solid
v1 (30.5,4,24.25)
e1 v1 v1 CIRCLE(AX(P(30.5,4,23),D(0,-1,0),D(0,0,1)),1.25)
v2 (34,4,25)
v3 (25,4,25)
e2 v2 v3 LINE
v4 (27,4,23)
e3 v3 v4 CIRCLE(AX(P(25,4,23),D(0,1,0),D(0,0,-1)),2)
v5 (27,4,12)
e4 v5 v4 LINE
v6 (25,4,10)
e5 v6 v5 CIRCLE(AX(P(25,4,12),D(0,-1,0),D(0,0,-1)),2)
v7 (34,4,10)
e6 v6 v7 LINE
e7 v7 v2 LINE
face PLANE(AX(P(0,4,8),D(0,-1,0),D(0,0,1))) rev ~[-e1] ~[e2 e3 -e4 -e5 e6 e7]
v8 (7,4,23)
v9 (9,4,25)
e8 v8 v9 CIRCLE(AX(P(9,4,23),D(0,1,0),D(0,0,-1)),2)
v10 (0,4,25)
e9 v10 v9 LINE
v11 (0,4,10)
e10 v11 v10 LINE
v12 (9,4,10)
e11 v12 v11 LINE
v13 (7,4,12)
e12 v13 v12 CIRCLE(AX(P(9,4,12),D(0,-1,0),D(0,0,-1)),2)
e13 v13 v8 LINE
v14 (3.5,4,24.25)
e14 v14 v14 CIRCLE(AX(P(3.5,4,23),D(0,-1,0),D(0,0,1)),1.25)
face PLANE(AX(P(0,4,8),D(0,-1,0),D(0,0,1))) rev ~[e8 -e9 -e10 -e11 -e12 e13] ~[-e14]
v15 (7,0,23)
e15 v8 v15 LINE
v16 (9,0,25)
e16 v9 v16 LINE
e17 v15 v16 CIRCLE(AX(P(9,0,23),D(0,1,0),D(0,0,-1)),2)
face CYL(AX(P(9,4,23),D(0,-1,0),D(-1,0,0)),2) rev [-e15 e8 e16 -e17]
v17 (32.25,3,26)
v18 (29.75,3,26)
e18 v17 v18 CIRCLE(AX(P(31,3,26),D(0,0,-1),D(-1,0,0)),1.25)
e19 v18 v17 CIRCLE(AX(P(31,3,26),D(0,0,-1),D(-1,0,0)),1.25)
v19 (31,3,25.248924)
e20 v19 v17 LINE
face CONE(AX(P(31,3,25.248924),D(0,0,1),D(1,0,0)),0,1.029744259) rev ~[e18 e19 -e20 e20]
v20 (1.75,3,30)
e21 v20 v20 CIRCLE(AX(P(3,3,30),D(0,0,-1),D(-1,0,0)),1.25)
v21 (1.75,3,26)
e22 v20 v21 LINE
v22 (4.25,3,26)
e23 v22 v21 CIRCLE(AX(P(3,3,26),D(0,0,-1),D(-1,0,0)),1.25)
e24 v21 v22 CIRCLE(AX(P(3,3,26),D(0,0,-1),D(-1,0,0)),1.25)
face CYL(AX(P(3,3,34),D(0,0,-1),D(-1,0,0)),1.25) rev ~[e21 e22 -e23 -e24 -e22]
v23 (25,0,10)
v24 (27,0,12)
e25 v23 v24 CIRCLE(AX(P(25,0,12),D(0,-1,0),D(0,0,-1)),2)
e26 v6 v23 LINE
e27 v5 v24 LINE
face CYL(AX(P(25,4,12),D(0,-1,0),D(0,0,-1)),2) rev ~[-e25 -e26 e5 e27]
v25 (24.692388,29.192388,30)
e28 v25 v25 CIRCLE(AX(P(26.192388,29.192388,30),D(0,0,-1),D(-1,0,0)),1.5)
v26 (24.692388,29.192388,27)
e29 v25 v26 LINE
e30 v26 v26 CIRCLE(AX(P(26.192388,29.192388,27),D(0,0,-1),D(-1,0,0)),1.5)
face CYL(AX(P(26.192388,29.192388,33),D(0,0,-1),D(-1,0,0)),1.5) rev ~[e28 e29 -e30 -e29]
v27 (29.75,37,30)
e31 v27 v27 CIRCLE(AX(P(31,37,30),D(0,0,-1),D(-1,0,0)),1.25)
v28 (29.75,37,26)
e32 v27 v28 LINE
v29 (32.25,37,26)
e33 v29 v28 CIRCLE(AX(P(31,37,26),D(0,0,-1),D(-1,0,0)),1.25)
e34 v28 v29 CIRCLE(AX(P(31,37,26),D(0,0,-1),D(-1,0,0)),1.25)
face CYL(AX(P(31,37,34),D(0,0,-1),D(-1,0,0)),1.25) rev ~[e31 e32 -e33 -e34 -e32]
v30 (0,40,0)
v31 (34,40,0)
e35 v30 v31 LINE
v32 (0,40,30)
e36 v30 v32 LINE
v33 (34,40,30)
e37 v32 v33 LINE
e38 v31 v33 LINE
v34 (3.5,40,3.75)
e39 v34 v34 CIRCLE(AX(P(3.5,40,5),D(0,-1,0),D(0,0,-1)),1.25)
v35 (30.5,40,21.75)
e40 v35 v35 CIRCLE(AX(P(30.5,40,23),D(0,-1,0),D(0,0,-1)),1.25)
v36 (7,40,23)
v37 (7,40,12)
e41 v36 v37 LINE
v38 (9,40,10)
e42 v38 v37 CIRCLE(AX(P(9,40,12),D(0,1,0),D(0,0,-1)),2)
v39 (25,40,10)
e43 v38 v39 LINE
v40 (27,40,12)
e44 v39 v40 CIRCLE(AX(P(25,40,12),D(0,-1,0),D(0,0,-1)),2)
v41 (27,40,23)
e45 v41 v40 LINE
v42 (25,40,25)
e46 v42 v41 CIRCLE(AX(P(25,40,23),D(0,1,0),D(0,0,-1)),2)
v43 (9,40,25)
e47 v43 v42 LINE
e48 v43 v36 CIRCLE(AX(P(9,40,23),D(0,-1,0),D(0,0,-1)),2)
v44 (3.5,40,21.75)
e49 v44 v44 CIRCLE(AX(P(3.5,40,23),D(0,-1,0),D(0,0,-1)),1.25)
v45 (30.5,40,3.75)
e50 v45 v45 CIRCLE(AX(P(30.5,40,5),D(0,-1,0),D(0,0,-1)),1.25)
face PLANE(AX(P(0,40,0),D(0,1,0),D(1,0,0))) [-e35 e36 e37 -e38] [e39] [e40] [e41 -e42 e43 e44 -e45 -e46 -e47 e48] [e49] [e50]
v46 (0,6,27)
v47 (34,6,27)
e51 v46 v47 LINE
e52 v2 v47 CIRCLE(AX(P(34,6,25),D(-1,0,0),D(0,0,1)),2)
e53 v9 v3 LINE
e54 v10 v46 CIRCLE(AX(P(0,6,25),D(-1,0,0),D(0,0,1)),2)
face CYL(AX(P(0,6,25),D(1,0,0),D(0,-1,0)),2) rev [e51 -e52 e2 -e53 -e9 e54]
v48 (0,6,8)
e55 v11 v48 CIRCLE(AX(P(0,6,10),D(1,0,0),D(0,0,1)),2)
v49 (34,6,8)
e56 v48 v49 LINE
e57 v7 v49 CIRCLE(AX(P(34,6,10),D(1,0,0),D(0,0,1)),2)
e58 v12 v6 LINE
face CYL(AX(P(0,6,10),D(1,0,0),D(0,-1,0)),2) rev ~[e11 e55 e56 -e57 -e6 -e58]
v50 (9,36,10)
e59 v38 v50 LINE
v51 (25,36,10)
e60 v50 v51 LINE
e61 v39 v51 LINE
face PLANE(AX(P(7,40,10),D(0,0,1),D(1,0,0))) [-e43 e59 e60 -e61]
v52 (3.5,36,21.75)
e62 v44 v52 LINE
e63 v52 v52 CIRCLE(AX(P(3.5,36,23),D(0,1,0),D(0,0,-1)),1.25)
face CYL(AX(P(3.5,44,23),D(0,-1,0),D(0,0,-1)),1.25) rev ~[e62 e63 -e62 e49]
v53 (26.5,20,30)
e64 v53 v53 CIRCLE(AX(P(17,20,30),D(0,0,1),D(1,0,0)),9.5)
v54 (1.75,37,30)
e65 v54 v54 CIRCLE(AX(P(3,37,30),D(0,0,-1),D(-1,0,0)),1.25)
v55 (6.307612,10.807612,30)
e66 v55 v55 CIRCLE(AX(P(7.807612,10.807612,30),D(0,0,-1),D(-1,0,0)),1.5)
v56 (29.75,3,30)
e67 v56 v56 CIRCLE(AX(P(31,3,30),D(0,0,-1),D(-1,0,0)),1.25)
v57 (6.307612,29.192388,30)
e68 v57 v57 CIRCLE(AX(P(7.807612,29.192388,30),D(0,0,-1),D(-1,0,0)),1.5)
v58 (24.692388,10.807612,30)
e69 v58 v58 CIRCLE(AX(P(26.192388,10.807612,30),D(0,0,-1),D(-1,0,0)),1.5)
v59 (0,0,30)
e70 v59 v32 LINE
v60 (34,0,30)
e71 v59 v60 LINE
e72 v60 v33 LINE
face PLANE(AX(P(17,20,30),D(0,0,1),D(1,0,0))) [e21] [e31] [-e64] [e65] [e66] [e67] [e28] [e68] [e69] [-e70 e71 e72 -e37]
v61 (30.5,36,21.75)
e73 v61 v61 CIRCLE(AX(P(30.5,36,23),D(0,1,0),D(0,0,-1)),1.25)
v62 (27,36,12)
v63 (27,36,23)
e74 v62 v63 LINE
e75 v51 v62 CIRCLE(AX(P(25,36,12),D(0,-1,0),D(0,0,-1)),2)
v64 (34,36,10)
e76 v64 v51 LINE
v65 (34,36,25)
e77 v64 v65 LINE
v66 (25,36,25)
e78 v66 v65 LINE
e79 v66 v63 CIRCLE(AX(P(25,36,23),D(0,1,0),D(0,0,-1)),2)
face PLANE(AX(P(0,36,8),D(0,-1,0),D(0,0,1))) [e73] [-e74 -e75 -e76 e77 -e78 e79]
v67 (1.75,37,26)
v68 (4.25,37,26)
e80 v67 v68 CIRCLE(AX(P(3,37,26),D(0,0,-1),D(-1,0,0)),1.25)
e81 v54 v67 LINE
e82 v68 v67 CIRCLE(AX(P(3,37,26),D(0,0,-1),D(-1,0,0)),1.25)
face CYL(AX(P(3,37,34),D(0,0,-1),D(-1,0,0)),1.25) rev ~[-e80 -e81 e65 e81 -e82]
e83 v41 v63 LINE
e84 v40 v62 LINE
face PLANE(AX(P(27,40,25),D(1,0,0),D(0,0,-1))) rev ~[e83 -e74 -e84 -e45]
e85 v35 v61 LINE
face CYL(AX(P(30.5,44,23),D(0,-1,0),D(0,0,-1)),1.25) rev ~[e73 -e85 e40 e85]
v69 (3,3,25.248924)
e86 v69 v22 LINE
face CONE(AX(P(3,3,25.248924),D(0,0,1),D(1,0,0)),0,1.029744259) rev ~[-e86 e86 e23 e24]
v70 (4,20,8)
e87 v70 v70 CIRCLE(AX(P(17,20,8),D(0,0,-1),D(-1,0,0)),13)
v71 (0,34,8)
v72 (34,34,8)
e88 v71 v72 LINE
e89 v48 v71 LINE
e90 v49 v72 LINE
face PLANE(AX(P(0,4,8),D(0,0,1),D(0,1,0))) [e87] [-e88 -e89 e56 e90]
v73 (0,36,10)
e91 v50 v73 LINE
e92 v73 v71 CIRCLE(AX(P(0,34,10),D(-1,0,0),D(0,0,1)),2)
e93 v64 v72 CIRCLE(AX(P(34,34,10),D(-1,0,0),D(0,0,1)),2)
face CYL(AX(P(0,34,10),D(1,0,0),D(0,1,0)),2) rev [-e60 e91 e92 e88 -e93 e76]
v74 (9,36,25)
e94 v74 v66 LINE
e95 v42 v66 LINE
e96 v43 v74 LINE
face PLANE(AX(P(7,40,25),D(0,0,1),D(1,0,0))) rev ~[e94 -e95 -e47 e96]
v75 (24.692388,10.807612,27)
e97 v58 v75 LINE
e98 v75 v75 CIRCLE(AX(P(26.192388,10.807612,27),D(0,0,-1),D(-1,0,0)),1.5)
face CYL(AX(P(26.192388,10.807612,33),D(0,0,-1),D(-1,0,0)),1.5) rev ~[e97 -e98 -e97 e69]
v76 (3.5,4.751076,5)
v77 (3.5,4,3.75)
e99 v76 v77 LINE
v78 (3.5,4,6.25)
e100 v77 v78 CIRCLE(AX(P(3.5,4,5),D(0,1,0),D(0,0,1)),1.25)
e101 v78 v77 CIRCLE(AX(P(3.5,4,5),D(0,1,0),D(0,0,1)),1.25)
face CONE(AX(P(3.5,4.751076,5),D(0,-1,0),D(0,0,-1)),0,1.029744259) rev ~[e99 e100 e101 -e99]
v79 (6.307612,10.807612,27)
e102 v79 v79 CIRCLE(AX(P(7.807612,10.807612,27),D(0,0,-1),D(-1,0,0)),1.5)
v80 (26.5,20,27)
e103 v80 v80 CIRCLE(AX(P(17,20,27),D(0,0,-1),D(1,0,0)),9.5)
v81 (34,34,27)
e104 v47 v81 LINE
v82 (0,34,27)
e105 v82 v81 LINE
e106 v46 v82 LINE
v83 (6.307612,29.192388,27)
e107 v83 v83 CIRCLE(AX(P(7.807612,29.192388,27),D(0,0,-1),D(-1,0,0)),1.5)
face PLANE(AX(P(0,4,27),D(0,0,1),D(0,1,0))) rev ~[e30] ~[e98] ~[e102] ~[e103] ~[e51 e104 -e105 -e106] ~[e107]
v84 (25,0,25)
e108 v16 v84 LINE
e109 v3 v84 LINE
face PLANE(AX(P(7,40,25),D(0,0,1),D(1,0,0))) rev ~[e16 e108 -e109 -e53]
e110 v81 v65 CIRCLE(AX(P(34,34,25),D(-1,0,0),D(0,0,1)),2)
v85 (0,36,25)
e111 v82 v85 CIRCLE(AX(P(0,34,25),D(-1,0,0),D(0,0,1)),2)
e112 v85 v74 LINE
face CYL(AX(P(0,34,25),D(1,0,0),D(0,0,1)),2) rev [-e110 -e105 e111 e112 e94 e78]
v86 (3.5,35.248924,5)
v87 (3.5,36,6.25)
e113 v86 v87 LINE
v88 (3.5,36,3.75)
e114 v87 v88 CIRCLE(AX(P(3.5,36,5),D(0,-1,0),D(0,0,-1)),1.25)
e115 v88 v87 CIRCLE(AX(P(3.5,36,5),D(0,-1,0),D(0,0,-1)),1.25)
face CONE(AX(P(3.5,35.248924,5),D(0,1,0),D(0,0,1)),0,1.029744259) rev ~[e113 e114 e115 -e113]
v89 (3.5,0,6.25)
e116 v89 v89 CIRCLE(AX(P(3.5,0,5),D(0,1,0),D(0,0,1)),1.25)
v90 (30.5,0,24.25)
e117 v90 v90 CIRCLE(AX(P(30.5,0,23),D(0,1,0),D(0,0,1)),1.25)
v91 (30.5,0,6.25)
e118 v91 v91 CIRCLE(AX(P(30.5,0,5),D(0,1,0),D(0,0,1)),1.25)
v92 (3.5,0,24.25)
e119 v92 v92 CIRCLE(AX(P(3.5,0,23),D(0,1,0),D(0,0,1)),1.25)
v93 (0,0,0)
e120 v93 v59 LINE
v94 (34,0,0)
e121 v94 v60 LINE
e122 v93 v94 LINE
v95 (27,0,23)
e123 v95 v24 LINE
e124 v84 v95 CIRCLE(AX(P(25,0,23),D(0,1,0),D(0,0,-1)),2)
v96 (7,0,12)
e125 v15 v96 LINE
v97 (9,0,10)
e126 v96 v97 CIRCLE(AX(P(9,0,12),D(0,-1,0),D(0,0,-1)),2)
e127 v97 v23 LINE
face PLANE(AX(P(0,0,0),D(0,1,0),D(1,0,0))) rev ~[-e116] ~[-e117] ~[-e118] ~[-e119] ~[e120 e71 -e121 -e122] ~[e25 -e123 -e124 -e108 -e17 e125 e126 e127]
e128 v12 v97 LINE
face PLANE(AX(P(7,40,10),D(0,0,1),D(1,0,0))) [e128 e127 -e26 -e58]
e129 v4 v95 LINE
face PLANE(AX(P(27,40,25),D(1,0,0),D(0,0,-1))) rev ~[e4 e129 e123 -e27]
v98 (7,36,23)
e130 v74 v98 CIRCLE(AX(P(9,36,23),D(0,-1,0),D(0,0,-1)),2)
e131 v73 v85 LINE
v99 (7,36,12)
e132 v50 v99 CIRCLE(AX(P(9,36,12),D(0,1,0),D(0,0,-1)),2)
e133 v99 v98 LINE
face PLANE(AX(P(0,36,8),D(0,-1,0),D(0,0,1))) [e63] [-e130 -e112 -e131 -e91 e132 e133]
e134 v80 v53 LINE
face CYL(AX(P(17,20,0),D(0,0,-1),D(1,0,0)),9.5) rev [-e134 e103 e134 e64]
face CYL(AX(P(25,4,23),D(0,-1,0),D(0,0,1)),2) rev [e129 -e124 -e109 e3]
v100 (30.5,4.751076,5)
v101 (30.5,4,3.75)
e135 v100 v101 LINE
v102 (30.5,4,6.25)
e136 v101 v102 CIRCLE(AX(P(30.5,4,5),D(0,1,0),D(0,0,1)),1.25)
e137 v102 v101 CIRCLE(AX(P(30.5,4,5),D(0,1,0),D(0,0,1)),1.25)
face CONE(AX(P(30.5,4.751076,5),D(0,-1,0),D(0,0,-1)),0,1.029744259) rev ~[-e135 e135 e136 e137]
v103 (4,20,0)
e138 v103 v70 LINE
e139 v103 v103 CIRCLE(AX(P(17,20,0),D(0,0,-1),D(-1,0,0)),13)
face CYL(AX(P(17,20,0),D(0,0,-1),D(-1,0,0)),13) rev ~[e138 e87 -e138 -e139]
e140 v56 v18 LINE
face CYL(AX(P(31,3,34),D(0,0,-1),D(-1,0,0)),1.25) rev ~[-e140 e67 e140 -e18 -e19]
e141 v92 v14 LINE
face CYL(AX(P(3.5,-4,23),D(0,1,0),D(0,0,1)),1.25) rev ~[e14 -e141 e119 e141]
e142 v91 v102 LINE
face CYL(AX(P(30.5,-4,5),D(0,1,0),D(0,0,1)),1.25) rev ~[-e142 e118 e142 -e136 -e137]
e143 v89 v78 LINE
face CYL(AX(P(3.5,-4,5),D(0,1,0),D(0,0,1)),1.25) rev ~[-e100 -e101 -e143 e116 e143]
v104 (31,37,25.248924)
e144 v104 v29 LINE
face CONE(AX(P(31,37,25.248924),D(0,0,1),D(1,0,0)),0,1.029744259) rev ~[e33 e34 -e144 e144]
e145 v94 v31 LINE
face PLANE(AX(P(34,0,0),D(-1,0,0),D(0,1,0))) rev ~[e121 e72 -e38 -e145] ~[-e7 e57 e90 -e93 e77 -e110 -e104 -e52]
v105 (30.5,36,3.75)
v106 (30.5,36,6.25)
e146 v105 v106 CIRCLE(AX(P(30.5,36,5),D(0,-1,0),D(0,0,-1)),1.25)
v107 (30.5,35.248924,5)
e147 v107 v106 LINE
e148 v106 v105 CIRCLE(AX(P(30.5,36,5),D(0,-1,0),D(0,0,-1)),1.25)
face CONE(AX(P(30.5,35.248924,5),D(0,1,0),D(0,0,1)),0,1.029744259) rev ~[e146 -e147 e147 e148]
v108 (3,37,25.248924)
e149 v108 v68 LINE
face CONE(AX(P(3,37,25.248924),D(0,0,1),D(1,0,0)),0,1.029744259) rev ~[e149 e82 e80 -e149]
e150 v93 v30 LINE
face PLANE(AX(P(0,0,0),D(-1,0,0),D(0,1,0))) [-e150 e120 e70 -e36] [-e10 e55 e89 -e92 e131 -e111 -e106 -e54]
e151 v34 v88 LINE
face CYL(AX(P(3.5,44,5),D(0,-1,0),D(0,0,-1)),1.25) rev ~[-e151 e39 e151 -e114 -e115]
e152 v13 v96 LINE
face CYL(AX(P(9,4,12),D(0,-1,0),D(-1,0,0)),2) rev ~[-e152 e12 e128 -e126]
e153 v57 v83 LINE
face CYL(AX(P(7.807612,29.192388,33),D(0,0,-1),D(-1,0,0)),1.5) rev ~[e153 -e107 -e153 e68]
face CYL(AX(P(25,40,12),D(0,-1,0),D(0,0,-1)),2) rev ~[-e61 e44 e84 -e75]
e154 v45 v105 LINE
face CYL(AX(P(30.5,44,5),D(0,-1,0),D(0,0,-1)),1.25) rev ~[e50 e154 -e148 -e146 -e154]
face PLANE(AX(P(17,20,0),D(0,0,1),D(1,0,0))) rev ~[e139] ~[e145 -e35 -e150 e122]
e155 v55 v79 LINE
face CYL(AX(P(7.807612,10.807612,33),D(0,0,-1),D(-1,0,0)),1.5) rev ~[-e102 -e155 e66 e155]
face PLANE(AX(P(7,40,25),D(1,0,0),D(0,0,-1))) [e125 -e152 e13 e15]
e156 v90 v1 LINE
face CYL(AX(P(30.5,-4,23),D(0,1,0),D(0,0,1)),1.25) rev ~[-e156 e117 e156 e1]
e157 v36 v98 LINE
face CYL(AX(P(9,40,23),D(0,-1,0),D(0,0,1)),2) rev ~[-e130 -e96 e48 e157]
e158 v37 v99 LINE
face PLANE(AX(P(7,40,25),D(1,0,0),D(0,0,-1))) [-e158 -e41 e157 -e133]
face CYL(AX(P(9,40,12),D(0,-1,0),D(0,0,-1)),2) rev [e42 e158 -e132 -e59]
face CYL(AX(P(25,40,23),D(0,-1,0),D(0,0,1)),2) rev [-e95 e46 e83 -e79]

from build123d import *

# Parameters (mm, degrees)
SKETCH_1_W                = 34
SKETCH_1_H                = 40
SKETCH_1_R                = 9.5
EXTRUDE_1_DEPTH           = 30
SKETCH_3_W                = 19
SKETCH_3_H                = 32
CUT_EXTRUDE_1_DEPTH       = 61.464865831
FILLET_3_R                = 2
HOLE_WIZARD_M3_2_D        = 2.5
HOLE_WIZARD_M3_2_DEPTH    = 4
HOLE_WIZARD_M3_2_TIP      = 0.751075774
HOLE_WIZARD_M3_4_D        = 2.5
HOLE_WIZARD_M3_4_DEPTH    = 4
HOLE_WIZARD_M3_4_TIP      = 0.751075774
SKETCH_18_W               = 20
SKETCH_18_H               = 15
CUT_EXTRUDE_8_DEPTH       = 61.464865831
SKETCH_12_R               = 13
CUT_EXTRUDE_6_DEPTH       = 8
HOLE_WIZARD_3_0_3_1_D     = 3
HOLE_WIZARD_3_0_3_1_DEPTH = 3
FILLET_7_R                = 2
HOLE_WIZARD_M3_3_D        = 2.5
HOLE_WIZARD_M3_3_DEPTH    = 4
HOLE_WIZARD_M3_3_TIP      = 0.751075774


with BuildPart() as part:
    # 草图1 → 凸台-拉伸1 (new body)
    with BuildSketch(Plane.XY):
        with Locations((17, 20)):
            Rectangle(SKETCH_1_W, SKETCH_1_H)
        with Locations((17, 20)):
            Circle(SKETCH_1_R, mode=Mode.SUBTRACT)
    extrude(amount=EXTRUDE_1_DEPTH)

    # 草图3 → 切除-拉伸1 (cut, through all)
    with BuildSketch(Plane.ZY):
        with Locations((17.5, 20)):
            Rectangle(SKETCH_3_W, SKETCH_3_H)
    extrude(amount=-CUT_EXTRUDE_1_DEPTH, mode=Mode.SUBTRACT)

    # 圆角3
    fillet_3_edges = [part.edges().sort_by_distance(p)[0] for p in [
        (17, 36, 27),
        (17, 4, 27),
        (17, 4, 8),
        (17, 36, 8),
    ]]
    fillet(fillet_3_edges, radius=FILLET_3_R)

    # M3 螺纹孔2
    with Locations(Plane(origin=(3.5, 40, 5), x_dir=(0, 0, 1), z_dir=(0, 1, 0))):
        with Locations((0, 0), (0, 27), (18, 27), (18, 0)):
            Hole(HOLE_WIZARD_M3_2_D / 2, depth=HOLE_WIZARD_M3_2_DEPTH)
            with Locations((0, 0, -(HOLE_WIZARD_M3_2_DEPTH + HOLE_WIZARD_M3_2_TIP / 2))):  # 118° drill point
                Cone(0, HOLE_WIZARD_M3_2_D / 2, HOLE_WIZARD_M3_2_TIP, mode=Mode.SUBTRACT)

    # M3 螺纹孔4
    with Locations(Plane(origin=(3.5, 0, 5), x_dir=(0, 0, -1), z_dir=(0, -1, 0))):
        with Locations((0, 0), (-18, 0), (-18, 27), (0, 27)):
            Hole(HOLE_WIZARD_M3_4_D / 2, depth=HOLE_WIZARD_M3_4_DEPTH)
            with Locations((0, 0, -(HOLE_WIZARD_M3_4_DEPTH + HOLE_WIZARD_M3_4_TIP / 2))):  # 118° drill point
                Cone(0, HOLE_WIZARD_M3_4_D / 2, HOLE_WIZARD_M3_4_TIP, mode=Mode.SUBTRACT)

    # 草图18 → 切除-拉伸8 (cut, through all)
    with BuildSketch(Plane(origin=(0, 40, 0), x_dir=(1, 0, 0), z_dir=(0, 1, 0))):
        with Locations((17, -17.5)):
            Rectangle(SKETCH_18_W, SKETCH_18_H)
    extrude(amount=-CUT_EXTRUDE_8_DEPTH, mode=Mode.SUBTRACT)

    # 草图12 → 切除-拉伸6 (cut)
    with BuildSketch(Plane(origin=(0, 0, 0), x_dir=(-1, 0, 0), z_dir=(0, 0, -1))):
        with Locations((-17, 20)):
            Circle(SKETCH_12_R)
    extrude(amount=-CUT_EXTRUDE_6_DEPTH, mode=Mode.SUBTRACT)

    # Ø3.0 (3) 直径孔1
    with Locations(Plane(origin=(7.807611845, 29.192388155, 30), x_dir=(1, 0, 0), z_dir=(0, 0, 1))):
        with Locations((0, 0), (18.38477631, 0), (18.38477631, -18.38477631), (0, -18.38477631)):
            Hole(HOLE_WIZARD_3_0_3_1_D / 2, depth=HOLE_WIZARD_3_0_3_1_DEPTH)

    # 圆角7
    fillet_7_edges = [part.edges().sort_by_distance(p)[0] for p in [
        (27, 38, 25),
        (27, 2, 25),
        (27, 2, 10),
        (27, 38, 10),
        (7, 2, 25),
        (7, 38, 25),
        (7, 38, 10),
        (7, 2, 10),
    ]]
    fillet(fillet_7_edges, radius=FILLET_7_R)

    # M3 螺纹孔3
    with Locations(Plane(origin=(3, 37, 30), x_dir=(1, 0, 0), z_dir=(0, 0, 1))):
        with Locations((0, 0), (28, 0), (28, -34), (0, -34)):
            Hole(HOLE_WIZARD_M3_3_D / 2, depth=HOLE_WIZARD_M3_3_DEPTH)
            with Locations((0, 0, -(HOLE_WIZARD_M3_3_DEPTH + HOLE_WIZARD_M3_3_TIP / 2))):  # 118° drill point
                Cone(0, HOLE_WIZARD_M3_3_D / 2, HOLE_WIZARD_M3_3_TIP, mode=Mode.SUBTRACT)


solid = part.part
